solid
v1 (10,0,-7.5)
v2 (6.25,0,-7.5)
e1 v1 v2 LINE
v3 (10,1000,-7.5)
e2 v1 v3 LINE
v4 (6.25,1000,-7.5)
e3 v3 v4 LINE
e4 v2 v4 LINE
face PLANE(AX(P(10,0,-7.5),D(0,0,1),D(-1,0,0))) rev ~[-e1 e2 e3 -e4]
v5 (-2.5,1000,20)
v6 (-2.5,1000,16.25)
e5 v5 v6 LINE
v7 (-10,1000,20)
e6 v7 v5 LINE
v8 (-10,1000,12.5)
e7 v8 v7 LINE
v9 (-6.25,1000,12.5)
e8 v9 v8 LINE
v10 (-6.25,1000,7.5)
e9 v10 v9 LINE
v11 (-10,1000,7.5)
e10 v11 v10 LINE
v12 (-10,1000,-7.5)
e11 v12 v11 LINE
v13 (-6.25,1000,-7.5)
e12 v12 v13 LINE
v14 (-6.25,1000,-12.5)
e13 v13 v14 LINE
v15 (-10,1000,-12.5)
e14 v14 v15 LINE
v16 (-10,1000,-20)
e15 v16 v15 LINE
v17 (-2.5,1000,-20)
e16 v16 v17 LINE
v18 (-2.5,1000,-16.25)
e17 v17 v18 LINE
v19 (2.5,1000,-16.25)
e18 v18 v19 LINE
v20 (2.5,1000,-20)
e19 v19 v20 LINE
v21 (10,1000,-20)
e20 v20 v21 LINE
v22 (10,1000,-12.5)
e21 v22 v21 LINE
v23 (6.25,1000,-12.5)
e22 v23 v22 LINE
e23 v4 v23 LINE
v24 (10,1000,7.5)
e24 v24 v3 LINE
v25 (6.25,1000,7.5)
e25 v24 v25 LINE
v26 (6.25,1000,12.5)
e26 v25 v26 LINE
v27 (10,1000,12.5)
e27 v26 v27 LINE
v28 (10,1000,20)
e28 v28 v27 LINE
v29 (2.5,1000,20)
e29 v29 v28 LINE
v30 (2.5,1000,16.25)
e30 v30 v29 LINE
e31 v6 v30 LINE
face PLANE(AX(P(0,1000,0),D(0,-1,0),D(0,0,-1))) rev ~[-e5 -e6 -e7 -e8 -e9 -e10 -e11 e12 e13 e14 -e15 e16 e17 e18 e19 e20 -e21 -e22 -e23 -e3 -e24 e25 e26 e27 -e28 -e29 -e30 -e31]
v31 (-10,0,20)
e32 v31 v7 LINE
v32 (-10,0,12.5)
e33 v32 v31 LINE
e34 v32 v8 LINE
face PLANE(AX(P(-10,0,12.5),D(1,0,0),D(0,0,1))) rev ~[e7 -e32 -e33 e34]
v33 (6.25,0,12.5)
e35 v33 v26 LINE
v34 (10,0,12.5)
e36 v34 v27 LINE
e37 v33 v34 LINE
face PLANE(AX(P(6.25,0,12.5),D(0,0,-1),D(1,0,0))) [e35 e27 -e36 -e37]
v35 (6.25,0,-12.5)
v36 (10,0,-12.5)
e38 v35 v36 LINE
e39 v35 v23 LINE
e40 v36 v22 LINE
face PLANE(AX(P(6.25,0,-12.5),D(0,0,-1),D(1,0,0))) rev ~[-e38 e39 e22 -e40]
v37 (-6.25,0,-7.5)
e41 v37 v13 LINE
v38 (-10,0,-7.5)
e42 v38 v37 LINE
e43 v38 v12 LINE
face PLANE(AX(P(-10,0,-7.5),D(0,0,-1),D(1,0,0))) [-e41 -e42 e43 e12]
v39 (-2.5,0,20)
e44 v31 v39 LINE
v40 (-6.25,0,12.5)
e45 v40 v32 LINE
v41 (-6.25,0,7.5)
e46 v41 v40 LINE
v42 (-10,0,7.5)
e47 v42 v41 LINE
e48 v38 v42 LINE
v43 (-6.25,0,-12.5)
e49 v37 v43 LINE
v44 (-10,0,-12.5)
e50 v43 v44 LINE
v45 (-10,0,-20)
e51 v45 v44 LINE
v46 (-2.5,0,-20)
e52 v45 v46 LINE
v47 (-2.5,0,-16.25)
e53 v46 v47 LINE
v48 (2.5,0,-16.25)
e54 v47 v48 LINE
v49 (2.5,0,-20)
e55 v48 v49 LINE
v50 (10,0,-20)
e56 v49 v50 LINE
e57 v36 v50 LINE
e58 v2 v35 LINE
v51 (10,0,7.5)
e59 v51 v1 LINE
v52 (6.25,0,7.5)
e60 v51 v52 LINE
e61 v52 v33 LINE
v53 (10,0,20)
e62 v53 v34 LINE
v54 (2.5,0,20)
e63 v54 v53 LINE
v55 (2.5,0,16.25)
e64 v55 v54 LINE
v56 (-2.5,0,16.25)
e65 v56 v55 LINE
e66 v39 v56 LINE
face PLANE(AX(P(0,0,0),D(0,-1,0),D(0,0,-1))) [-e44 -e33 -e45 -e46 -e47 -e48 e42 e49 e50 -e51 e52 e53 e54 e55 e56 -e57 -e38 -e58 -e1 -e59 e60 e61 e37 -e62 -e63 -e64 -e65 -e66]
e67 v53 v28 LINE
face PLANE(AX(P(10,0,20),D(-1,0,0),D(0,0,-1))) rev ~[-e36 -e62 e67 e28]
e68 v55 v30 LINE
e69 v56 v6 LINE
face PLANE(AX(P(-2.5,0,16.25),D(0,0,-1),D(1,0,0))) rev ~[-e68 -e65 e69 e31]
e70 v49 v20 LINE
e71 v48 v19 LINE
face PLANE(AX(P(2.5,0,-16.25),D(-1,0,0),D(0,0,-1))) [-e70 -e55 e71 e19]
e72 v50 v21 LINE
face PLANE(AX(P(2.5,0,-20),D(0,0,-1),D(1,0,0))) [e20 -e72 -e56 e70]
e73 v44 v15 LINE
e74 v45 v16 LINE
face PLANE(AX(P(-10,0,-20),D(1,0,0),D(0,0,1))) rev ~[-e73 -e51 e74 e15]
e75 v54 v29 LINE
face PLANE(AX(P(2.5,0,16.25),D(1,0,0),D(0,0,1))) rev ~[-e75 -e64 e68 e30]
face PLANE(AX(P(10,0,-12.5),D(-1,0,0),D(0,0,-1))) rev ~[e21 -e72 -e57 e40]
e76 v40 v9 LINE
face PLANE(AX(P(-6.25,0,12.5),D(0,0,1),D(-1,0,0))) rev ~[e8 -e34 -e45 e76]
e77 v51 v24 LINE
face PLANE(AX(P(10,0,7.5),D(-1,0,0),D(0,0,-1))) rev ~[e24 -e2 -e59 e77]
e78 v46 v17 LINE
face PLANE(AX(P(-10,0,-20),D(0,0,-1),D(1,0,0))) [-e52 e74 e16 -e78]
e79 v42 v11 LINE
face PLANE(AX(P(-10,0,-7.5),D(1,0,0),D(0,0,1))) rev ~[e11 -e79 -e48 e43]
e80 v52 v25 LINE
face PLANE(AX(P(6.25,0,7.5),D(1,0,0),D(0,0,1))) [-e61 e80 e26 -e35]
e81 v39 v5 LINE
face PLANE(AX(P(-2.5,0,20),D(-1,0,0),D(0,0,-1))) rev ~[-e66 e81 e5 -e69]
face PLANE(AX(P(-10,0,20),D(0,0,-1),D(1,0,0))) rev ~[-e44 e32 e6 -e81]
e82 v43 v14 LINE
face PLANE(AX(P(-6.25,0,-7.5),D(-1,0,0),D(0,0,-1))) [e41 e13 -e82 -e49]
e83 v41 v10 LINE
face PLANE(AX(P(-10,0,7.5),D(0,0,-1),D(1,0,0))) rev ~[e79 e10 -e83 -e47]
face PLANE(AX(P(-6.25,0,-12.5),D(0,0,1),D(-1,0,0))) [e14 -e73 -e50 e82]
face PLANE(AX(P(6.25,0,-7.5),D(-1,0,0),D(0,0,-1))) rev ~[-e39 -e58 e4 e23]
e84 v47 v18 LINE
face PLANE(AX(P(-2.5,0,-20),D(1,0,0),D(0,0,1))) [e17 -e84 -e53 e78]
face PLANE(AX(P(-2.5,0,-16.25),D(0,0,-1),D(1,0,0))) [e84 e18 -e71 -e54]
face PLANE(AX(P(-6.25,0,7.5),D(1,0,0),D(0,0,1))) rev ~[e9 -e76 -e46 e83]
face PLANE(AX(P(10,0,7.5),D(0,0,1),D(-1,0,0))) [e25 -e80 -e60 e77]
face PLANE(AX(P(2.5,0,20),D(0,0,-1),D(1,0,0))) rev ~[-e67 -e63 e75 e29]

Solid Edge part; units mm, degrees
sketch "Sketch1" plane through (0, 0, 0) normal (0, -1, 0) x (1, 0, 0)
  line L0 (-2.5, -16.25) -> (2.5, -16.25)
  line L1 (2.5, -16.25) -> (2.5, -20)
  line L2 (2.5, -20) -> (10, -20)
  line L3 (10, -12.5) -> (10, -20)
  line L4 (6.25, -12.5) -> (10, -12.5)
  line L5 (6.25, -7.5) -> (6.25, -12.5)
  line L6 (10, -7.5) -> (6.25, -7.5)
  line L7 (10, 7.5) -> (10, -7.5)
  line L8 (10, 7.5) -> (6.25, 7.5)
  line L9 (6.25, 7.5) -> (6.25, 12.5)
  line L10 (6.25, 12.5) -> (10, 12.5)
  line L11 (10, 20) -> (10, 12.5)
  line L12 (2.5, 20) -> (10, 20)
  line L13 (2.5, 16.25) -> (2.5, 20)
  line L14 (-2.5, 16.25) -> (2.5, 16.25)
  line L15 (-2.5, 20) -> (-2.5, 16.25)
  line L16 (-10, 20) -> (-2.5, 20)
  line L17 (-10, 12.5) -> (-10, 20)
  line L18 (-6.25, 12.5) -> (-10, 12.5)
  line L19 (-6.25, 7.5) -> (-6.25, 12.5)
  line L20 (-10, 7.5) -> (-6.25, 7.5)
  line L21 (-10, -7.5) -> (-10, 7.5)
  line L22 (-10, -7.5) -> (-6.25, -7.5)
  line L23 (-6.25, -7.5) -> (-6.25, -12.5)
  line L24 (-6.25, -12.5) -> (-10, -12.5)
  line L25 (-10, -20) -> (-10, -12.5)
  line L26 (-10, -20) -> (-2.5, -20)
  line L27 (-2.5, -20) -> (-2.5, -16.25)
extrude "Protrusion1" add sketch "Sketch1" against normal blind 1000
